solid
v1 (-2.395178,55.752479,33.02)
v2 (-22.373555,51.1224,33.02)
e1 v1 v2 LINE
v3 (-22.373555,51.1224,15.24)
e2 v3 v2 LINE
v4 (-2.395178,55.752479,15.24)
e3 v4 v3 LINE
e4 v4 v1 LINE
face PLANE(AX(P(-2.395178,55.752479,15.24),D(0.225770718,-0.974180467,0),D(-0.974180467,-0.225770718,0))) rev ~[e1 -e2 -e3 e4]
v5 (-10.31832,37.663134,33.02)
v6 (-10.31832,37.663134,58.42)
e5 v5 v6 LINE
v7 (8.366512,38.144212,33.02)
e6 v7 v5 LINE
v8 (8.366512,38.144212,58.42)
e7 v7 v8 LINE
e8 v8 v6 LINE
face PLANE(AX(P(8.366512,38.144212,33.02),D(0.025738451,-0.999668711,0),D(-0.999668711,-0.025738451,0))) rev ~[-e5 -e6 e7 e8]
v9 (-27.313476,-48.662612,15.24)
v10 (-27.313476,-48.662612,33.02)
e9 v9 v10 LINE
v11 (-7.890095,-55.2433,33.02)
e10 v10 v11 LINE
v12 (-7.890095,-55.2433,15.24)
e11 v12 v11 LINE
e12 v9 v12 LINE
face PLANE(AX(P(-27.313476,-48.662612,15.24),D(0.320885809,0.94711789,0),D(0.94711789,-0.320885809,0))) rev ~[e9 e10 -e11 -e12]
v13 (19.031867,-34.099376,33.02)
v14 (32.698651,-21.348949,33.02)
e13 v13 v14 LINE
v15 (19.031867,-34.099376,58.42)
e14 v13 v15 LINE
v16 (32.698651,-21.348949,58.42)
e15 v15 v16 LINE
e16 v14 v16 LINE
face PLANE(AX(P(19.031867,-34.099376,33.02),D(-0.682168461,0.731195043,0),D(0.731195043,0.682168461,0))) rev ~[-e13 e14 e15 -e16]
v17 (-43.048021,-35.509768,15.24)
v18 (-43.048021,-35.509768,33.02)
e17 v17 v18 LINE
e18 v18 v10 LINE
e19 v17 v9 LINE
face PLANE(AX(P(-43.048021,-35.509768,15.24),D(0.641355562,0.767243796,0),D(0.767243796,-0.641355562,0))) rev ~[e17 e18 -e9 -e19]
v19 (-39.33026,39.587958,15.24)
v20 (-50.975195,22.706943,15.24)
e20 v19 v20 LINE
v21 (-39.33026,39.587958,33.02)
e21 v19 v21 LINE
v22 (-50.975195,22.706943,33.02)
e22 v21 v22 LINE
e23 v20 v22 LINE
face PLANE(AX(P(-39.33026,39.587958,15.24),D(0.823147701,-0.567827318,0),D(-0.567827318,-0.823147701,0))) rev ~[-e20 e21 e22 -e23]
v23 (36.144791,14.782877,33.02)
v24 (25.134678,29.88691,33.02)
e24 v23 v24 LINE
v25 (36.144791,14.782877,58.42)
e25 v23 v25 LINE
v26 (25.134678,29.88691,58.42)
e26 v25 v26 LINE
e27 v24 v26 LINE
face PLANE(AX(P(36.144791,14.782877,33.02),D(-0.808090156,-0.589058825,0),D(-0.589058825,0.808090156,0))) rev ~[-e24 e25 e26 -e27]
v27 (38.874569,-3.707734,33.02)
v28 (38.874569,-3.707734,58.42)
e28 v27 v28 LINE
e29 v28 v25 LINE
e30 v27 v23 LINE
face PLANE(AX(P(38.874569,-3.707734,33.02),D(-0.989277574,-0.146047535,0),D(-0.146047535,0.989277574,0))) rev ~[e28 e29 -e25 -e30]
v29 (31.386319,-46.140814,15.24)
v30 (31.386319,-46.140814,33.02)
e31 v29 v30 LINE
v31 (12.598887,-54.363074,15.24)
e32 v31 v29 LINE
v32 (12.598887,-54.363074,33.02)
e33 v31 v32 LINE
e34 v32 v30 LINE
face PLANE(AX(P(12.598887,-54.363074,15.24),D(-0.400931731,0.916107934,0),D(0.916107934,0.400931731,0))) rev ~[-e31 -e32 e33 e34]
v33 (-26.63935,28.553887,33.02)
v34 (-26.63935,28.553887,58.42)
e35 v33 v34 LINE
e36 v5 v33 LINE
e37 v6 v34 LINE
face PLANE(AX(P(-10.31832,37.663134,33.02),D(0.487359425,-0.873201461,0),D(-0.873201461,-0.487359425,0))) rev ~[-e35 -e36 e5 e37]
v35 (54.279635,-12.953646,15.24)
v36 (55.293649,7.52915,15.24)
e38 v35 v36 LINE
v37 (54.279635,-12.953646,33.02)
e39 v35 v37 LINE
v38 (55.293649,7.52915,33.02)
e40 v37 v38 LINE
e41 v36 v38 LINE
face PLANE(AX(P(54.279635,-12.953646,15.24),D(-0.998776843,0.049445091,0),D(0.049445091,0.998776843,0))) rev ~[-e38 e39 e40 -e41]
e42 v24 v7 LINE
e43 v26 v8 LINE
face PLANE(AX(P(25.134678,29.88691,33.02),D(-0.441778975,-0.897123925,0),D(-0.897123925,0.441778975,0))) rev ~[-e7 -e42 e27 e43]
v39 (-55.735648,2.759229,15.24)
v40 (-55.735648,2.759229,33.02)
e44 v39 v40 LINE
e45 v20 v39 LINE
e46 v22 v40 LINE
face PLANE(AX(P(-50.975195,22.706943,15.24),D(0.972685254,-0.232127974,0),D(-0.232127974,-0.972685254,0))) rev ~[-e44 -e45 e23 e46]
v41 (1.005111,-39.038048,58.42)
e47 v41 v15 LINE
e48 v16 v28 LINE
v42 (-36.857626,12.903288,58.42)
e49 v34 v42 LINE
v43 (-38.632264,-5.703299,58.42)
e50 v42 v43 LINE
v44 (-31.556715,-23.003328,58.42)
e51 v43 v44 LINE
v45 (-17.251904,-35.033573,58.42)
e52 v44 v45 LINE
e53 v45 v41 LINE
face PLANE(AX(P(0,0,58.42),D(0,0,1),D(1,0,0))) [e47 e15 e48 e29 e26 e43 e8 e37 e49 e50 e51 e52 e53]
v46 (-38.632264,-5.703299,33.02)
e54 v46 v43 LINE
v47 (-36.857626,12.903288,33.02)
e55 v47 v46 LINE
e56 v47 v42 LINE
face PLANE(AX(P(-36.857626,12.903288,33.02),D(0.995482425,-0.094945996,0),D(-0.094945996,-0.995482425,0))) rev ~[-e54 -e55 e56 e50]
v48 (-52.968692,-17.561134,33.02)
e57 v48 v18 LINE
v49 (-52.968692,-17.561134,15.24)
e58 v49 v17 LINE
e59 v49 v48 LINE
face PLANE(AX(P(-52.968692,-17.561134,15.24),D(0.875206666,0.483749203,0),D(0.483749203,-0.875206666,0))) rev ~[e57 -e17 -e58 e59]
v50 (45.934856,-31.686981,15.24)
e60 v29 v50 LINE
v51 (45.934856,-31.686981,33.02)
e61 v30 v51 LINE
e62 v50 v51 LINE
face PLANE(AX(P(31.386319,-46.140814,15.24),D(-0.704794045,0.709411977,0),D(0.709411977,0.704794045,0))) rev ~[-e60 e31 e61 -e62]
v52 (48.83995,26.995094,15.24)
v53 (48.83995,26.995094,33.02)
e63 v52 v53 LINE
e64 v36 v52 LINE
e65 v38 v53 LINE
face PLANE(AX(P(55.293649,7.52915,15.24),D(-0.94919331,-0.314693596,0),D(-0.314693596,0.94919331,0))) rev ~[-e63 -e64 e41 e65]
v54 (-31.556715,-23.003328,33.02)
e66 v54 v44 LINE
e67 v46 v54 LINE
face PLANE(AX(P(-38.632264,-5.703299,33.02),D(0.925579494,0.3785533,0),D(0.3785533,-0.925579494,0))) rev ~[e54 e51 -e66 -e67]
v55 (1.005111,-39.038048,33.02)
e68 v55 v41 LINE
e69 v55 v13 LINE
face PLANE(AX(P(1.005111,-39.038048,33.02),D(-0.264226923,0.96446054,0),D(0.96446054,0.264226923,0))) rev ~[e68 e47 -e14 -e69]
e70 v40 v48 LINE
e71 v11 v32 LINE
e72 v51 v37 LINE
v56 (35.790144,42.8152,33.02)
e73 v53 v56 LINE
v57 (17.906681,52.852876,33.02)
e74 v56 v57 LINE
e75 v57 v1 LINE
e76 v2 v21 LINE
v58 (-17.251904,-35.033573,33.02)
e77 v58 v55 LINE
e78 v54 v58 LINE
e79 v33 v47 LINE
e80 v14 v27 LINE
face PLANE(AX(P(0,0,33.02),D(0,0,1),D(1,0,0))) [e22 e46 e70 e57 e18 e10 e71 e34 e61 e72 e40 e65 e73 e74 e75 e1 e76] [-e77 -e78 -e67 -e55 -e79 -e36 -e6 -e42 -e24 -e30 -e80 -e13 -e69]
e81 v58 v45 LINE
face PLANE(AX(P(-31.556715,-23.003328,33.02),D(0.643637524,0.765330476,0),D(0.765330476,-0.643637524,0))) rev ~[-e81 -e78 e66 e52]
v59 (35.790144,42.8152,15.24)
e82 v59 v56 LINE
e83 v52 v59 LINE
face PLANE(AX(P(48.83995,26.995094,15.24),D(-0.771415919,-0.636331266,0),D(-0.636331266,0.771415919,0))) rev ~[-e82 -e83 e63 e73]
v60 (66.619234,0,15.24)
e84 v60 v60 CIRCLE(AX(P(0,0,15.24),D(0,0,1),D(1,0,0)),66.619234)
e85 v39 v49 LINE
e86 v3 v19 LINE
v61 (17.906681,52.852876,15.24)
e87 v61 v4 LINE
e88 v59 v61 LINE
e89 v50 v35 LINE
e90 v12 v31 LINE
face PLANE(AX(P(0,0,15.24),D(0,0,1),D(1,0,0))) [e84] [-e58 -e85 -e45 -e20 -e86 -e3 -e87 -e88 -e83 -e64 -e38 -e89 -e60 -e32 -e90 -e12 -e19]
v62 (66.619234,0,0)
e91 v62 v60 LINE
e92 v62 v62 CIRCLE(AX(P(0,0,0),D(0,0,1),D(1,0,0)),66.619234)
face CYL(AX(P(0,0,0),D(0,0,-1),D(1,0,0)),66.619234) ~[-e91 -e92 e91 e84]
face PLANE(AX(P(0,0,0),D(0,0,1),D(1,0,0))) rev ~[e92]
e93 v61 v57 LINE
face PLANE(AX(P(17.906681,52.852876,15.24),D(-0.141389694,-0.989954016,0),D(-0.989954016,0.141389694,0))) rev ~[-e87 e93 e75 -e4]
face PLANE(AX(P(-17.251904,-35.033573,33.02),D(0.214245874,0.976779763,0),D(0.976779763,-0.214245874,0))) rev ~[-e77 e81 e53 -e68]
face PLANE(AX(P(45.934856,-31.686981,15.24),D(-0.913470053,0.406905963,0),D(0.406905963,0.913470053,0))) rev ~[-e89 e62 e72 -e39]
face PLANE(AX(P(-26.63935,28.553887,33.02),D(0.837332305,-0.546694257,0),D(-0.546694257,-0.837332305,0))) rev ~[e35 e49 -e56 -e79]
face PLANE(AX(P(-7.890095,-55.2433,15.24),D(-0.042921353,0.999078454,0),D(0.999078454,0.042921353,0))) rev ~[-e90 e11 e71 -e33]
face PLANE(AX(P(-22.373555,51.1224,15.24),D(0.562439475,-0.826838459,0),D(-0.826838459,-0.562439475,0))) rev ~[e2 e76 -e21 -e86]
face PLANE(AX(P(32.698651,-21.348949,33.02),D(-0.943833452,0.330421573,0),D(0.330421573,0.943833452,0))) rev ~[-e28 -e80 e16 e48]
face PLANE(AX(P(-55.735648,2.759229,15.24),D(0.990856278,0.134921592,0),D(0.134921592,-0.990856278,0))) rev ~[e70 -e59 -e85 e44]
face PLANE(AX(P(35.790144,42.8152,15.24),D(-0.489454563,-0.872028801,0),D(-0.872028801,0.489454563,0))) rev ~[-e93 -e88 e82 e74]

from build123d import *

# Parameters (mm, degrees)
F0_R     = 66.619234
F1_DEPTH = 15.24
F3_DEPTH = 17.78
F5_DEPTH = 25.4


with BuildPart() as f1:
    # F0 (on Top) → F1 (new body)
    with BuildSketch(Plane.XY):
        Circle(F0_R)
    extrude(amount=F1_DEPTH)

    # F2 (on face) → F3 (join)
    with BuildSketch(Plane.XY.offset(15.24)):
        Polygon((-39.33026, 39.587958), (-50.975195, 22.706943), (-55.735648, 2.759229), (-52.968692, -17.561134), (-43.048021, -35.509768), (-27.313476, -48.662612), (-7.890095, -55.2433), (12.598887, -54.363074), (31.386319, -46.140814), (45.934856, -31.686981), (54.279635, -12.953646), (55.293649, 7.52915), (48.83995, 26.995094), (35.790144, 42.8152), (17.906681, 52.852876), (-2.395178, 55.752479), (-22.373555, 51.1224), align=None)
    extrude(amount=F3_DEPTH)

    # F4 (on face) → F5 (join)
    with BuildSketch(Plane.XY.offset(33.02)):
        Polygon((-31.556715, -23.003328), (-17.251904, -35.033573), (1.005111, -39.038048), (19.031867, -34.099376), (32.698651, -21.348949), (38.874569, -3.707734), (36.144791, 14.782877), (25.134678, 29.88691), (8.366512, 38.144212), (-10.31832, 37.663134), (-26.63935, 28.553887), (-36.857626, 12.903288), (-38.632264, -5.703299), align=None)
    extrude(amount=F5_DEPTH)


solid = f1.part
